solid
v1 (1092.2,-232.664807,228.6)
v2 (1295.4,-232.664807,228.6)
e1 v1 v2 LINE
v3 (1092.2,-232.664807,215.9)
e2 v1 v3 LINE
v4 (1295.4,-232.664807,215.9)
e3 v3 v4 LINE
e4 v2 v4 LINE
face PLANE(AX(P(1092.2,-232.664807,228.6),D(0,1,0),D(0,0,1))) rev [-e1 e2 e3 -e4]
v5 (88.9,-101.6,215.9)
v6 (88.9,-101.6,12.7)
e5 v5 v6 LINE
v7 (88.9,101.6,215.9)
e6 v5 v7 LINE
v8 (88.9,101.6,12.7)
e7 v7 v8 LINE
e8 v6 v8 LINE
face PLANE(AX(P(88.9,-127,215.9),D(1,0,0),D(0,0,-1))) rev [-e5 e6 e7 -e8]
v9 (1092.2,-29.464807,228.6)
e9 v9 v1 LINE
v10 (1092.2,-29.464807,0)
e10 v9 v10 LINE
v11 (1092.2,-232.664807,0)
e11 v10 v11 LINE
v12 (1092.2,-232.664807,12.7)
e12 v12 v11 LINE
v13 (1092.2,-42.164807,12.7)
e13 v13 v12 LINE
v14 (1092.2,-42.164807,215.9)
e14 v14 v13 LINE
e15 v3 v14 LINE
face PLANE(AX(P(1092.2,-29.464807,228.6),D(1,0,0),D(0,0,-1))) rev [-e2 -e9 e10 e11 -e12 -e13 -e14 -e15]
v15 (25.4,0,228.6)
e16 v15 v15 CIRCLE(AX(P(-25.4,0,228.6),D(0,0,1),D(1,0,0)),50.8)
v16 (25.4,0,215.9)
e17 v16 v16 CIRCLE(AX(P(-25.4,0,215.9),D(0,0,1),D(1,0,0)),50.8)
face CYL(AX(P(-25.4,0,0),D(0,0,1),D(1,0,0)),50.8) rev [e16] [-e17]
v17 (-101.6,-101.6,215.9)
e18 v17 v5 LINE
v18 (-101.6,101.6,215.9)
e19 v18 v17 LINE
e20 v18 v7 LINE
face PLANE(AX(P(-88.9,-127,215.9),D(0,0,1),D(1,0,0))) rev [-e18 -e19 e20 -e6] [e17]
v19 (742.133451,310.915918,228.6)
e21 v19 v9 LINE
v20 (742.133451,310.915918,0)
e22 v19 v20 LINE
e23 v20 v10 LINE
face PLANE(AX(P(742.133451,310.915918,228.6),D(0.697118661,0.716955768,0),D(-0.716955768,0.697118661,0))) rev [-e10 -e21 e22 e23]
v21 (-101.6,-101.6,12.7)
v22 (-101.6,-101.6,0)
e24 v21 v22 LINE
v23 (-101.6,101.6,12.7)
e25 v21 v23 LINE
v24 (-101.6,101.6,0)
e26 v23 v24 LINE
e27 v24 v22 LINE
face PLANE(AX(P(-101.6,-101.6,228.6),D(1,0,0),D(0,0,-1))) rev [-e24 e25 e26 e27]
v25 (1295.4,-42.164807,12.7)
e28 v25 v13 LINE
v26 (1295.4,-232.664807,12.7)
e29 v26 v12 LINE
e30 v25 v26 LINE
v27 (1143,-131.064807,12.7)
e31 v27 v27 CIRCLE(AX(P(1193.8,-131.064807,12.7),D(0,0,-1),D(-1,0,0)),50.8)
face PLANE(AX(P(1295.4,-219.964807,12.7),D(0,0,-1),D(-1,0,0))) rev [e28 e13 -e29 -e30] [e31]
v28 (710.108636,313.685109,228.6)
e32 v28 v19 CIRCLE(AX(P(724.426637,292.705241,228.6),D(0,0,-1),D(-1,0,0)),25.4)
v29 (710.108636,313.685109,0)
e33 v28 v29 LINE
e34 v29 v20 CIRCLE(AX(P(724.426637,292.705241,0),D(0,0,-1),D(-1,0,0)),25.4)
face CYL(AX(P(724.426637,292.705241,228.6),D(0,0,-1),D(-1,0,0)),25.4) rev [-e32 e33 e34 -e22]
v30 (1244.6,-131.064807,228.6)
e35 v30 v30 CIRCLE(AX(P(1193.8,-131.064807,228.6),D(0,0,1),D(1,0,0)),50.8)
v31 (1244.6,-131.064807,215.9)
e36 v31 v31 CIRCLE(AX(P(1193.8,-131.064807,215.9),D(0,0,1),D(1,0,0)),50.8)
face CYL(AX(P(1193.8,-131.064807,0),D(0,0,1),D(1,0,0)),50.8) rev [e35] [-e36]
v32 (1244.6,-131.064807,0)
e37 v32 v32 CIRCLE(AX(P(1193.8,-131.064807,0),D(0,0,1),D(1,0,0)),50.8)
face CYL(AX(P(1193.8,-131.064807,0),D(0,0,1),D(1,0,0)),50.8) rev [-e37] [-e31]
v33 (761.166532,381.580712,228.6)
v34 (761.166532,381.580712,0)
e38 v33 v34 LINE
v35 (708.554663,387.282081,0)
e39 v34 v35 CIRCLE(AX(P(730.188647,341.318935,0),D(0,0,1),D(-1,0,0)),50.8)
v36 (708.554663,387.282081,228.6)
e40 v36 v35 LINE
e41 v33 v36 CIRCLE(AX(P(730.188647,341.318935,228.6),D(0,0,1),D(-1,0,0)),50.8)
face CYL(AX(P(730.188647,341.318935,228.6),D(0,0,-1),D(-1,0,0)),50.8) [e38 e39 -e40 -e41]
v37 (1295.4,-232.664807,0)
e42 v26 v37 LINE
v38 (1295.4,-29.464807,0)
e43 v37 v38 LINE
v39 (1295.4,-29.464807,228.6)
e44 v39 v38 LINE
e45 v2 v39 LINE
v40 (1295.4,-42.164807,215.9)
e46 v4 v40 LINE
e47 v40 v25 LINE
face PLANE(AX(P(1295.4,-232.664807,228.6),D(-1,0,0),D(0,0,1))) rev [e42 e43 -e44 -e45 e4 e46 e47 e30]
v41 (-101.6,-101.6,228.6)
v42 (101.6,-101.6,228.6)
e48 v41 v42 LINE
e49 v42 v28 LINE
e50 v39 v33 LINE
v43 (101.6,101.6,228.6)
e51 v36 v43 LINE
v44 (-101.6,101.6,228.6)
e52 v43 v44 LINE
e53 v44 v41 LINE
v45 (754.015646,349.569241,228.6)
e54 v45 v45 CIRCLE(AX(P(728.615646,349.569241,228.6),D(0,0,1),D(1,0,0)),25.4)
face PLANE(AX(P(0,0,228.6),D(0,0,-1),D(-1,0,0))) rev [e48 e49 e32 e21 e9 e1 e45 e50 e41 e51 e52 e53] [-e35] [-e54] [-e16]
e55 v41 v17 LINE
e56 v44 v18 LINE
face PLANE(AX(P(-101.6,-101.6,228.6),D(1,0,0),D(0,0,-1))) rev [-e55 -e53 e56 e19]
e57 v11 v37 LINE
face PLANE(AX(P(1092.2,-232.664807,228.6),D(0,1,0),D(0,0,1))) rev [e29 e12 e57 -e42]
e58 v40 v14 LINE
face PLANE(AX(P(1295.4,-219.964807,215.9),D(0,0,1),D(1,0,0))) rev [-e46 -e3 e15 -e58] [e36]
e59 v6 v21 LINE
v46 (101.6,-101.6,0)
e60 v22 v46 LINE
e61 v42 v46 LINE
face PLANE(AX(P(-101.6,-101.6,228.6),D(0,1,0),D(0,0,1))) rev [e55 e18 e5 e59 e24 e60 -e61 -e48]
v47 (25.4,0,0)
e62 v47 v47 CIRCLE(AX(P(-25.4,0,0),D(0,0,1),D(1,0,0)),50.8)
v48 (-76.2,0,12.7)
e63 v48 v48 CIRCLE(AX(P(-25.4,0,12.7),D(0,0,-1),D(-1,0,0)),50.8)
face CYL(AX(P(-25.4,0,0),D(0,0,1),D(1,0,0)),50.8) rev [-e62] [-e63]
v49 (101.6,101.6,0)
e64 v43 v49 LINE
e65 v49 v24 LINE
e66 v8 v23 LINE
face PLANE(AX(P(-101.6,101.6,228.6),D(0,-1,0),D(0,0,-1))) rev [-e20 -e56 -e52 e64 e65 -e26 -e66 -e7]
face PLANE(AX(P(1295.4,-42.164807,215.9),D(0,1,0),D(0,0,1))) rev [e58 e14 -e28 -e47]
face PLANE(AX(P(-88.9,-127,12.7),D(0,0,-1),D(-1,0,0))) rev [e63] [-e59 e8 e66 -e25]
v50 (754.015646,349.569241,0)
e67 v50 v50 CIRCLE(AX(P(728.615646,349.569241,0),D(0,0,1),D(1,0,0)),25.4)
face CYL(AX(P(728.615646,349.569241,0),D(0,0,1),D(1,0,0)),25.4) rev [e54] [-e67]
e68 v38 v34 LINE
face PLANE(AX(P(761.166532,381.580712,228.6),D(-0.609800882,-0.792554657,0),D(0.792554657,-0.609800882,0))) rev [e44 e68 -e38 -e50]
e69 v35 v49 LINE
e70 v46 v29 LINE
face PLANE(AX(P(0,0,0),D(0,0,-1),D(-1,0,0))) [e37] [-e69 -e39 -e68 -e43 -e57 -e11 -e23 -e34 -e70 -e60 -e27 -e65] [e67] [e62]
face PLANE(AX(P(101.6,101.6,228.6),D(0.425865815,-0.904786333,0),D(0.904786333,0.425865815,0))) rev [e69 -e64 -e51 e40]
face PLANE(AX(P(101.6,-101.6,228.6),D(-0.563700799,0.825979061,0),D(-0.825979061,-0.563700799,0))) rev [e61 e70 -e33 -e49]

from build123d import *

# Parameters (mm, degrees)
SKETCH1_W           = 203.2
SKETCH1_H           = 203.2
BOSS_EXTRUDE1_DEPTH = 228.6
CUT_EXTRUDE1_DEPTH  = 228.6
SKETCH3_R           = 50.8
CUT_EXTRUDE2_DEPTH  = 271.005703643
BOSS_EXTRUDE2_DEPTH = 228.6
CUT_EXTRUDE3_DEPTH  = 1278.174091308
SKETCH7_R           = 50.8
CUT_EXTRUDE4_DEPTH  = 1373.616617817
SKETCH8_R           = 25.4
CUT_EXTRUDE5_DEPTH  = 1373.616617817


with BuildPart() as part:
    # Sketch1 → Boss-Extrude1 (new body)
    with BuildSketch(Plane.XY):
        Rectangle(SKETCH1_W, SKETCH1_H)
    extrude(amount=BOSS_EXTRUDE1_DEPTH)

    # Sketch2 → Cut-Extrude1 (cut)
    with BuildSketch(Plane(origin=(0, 101.6, 0), x_dir=(1, 0, 0), z_dir=(0, 1, 0))):
        Polygon((-88.9, -12.7), (-131.920098672, -12.7), (-131.920098672, -215.9), (-88.9, -215.9), (88.9, -215.9), (88.9, -12.7), align=None)
    extrude(amount=-CUT_EXTRUDE1_DEPTH, mode=Mode.SUBTRACT)

    # Sketch3 → Cut-Extrude2 (cut, through all)
    with BuildSketch(Plane.XY.offset(228.6)):
        with Locations((-25.4, 0)):
            Circle(SKETCH3_R)
    extrude(amount=-CUT_EXTRUDE2_DEPTH, mode=Mode.SUBTRACT)

    # Sketch5 → Boss-Extrude2 (add)
    with BuildSketch(Plane.XY):
        with BuildLine():
            Line((101.6, 101.6), (708.554663443, 387.282081105))
            ThreePointArc((708.554663443, 387.282081105), (735.661628292, 391.823256752), (761.166531666, 381.580711976))
            Line((761.166531666, 381.580711976), (1295.4, -29.464807141))
            Line((1295.4, -29.464807141), (1295.4, -232.664807141))
            Line((1295.4, -232.664807141), (1092.2, -232.664807141))
            Line((1092.2, -232.664807141), (1092.2, -29.464807141))
            Line((1092.2, -29.464807141), (742.133450583, 310.915917798))
            ThreePointArc((742.133450583, 310.915917798), (726.614813955, 318.010811429), (710.108636303, 313.685109437))
            Line((710.108636303, 313.685109437), (101.6, -101.6))
            Line((101.6, -101.6), (101.6, 101.6))
        make_face()
    extrude(amount=BOSS_EXTRUDE2_DEPTH)

    # Sketch6 → Cut-Extrude3 (cut, through all)
    with BuildSketch(Plane.ZY.offset(-1092.2)):
        Polygon((12.7, -219.964807141), (12.7, -266.729426715), (215.9, -266.729426715), (215.9, -219.964807141), (215.9, -42.164807141), (12.7, -42.164807141), align=None)
    extrude(amount=-CUT_EXTRUDE3_DEPTH, mode=Mode.SUBTRACT)

    # Sketch7 → Cut-Extrude4 (cut, through all)
    with BuildSketch(Plane.XY.offset(228.6)):
        with Locations((1193.8, -131.064807141)):
            Circle(SKETCH7_R)
    extrude(amount=-CUT_EXTRUDE4_DEPTH, mode=Mode.SUBTRACT)

    # Sketch8 → Cut-Extrude5 (cut, through all)
    with BuildSketch(Plane.XY.offset(228.6)):
        with Locations((728.615646145, 349.569241459)):
            Circle(SKETCH8_R)
    extrude(amount=-CUT_EXTRUDE5_DEPTH, mode=Mode.SUBTRACT)


solid = part.part
